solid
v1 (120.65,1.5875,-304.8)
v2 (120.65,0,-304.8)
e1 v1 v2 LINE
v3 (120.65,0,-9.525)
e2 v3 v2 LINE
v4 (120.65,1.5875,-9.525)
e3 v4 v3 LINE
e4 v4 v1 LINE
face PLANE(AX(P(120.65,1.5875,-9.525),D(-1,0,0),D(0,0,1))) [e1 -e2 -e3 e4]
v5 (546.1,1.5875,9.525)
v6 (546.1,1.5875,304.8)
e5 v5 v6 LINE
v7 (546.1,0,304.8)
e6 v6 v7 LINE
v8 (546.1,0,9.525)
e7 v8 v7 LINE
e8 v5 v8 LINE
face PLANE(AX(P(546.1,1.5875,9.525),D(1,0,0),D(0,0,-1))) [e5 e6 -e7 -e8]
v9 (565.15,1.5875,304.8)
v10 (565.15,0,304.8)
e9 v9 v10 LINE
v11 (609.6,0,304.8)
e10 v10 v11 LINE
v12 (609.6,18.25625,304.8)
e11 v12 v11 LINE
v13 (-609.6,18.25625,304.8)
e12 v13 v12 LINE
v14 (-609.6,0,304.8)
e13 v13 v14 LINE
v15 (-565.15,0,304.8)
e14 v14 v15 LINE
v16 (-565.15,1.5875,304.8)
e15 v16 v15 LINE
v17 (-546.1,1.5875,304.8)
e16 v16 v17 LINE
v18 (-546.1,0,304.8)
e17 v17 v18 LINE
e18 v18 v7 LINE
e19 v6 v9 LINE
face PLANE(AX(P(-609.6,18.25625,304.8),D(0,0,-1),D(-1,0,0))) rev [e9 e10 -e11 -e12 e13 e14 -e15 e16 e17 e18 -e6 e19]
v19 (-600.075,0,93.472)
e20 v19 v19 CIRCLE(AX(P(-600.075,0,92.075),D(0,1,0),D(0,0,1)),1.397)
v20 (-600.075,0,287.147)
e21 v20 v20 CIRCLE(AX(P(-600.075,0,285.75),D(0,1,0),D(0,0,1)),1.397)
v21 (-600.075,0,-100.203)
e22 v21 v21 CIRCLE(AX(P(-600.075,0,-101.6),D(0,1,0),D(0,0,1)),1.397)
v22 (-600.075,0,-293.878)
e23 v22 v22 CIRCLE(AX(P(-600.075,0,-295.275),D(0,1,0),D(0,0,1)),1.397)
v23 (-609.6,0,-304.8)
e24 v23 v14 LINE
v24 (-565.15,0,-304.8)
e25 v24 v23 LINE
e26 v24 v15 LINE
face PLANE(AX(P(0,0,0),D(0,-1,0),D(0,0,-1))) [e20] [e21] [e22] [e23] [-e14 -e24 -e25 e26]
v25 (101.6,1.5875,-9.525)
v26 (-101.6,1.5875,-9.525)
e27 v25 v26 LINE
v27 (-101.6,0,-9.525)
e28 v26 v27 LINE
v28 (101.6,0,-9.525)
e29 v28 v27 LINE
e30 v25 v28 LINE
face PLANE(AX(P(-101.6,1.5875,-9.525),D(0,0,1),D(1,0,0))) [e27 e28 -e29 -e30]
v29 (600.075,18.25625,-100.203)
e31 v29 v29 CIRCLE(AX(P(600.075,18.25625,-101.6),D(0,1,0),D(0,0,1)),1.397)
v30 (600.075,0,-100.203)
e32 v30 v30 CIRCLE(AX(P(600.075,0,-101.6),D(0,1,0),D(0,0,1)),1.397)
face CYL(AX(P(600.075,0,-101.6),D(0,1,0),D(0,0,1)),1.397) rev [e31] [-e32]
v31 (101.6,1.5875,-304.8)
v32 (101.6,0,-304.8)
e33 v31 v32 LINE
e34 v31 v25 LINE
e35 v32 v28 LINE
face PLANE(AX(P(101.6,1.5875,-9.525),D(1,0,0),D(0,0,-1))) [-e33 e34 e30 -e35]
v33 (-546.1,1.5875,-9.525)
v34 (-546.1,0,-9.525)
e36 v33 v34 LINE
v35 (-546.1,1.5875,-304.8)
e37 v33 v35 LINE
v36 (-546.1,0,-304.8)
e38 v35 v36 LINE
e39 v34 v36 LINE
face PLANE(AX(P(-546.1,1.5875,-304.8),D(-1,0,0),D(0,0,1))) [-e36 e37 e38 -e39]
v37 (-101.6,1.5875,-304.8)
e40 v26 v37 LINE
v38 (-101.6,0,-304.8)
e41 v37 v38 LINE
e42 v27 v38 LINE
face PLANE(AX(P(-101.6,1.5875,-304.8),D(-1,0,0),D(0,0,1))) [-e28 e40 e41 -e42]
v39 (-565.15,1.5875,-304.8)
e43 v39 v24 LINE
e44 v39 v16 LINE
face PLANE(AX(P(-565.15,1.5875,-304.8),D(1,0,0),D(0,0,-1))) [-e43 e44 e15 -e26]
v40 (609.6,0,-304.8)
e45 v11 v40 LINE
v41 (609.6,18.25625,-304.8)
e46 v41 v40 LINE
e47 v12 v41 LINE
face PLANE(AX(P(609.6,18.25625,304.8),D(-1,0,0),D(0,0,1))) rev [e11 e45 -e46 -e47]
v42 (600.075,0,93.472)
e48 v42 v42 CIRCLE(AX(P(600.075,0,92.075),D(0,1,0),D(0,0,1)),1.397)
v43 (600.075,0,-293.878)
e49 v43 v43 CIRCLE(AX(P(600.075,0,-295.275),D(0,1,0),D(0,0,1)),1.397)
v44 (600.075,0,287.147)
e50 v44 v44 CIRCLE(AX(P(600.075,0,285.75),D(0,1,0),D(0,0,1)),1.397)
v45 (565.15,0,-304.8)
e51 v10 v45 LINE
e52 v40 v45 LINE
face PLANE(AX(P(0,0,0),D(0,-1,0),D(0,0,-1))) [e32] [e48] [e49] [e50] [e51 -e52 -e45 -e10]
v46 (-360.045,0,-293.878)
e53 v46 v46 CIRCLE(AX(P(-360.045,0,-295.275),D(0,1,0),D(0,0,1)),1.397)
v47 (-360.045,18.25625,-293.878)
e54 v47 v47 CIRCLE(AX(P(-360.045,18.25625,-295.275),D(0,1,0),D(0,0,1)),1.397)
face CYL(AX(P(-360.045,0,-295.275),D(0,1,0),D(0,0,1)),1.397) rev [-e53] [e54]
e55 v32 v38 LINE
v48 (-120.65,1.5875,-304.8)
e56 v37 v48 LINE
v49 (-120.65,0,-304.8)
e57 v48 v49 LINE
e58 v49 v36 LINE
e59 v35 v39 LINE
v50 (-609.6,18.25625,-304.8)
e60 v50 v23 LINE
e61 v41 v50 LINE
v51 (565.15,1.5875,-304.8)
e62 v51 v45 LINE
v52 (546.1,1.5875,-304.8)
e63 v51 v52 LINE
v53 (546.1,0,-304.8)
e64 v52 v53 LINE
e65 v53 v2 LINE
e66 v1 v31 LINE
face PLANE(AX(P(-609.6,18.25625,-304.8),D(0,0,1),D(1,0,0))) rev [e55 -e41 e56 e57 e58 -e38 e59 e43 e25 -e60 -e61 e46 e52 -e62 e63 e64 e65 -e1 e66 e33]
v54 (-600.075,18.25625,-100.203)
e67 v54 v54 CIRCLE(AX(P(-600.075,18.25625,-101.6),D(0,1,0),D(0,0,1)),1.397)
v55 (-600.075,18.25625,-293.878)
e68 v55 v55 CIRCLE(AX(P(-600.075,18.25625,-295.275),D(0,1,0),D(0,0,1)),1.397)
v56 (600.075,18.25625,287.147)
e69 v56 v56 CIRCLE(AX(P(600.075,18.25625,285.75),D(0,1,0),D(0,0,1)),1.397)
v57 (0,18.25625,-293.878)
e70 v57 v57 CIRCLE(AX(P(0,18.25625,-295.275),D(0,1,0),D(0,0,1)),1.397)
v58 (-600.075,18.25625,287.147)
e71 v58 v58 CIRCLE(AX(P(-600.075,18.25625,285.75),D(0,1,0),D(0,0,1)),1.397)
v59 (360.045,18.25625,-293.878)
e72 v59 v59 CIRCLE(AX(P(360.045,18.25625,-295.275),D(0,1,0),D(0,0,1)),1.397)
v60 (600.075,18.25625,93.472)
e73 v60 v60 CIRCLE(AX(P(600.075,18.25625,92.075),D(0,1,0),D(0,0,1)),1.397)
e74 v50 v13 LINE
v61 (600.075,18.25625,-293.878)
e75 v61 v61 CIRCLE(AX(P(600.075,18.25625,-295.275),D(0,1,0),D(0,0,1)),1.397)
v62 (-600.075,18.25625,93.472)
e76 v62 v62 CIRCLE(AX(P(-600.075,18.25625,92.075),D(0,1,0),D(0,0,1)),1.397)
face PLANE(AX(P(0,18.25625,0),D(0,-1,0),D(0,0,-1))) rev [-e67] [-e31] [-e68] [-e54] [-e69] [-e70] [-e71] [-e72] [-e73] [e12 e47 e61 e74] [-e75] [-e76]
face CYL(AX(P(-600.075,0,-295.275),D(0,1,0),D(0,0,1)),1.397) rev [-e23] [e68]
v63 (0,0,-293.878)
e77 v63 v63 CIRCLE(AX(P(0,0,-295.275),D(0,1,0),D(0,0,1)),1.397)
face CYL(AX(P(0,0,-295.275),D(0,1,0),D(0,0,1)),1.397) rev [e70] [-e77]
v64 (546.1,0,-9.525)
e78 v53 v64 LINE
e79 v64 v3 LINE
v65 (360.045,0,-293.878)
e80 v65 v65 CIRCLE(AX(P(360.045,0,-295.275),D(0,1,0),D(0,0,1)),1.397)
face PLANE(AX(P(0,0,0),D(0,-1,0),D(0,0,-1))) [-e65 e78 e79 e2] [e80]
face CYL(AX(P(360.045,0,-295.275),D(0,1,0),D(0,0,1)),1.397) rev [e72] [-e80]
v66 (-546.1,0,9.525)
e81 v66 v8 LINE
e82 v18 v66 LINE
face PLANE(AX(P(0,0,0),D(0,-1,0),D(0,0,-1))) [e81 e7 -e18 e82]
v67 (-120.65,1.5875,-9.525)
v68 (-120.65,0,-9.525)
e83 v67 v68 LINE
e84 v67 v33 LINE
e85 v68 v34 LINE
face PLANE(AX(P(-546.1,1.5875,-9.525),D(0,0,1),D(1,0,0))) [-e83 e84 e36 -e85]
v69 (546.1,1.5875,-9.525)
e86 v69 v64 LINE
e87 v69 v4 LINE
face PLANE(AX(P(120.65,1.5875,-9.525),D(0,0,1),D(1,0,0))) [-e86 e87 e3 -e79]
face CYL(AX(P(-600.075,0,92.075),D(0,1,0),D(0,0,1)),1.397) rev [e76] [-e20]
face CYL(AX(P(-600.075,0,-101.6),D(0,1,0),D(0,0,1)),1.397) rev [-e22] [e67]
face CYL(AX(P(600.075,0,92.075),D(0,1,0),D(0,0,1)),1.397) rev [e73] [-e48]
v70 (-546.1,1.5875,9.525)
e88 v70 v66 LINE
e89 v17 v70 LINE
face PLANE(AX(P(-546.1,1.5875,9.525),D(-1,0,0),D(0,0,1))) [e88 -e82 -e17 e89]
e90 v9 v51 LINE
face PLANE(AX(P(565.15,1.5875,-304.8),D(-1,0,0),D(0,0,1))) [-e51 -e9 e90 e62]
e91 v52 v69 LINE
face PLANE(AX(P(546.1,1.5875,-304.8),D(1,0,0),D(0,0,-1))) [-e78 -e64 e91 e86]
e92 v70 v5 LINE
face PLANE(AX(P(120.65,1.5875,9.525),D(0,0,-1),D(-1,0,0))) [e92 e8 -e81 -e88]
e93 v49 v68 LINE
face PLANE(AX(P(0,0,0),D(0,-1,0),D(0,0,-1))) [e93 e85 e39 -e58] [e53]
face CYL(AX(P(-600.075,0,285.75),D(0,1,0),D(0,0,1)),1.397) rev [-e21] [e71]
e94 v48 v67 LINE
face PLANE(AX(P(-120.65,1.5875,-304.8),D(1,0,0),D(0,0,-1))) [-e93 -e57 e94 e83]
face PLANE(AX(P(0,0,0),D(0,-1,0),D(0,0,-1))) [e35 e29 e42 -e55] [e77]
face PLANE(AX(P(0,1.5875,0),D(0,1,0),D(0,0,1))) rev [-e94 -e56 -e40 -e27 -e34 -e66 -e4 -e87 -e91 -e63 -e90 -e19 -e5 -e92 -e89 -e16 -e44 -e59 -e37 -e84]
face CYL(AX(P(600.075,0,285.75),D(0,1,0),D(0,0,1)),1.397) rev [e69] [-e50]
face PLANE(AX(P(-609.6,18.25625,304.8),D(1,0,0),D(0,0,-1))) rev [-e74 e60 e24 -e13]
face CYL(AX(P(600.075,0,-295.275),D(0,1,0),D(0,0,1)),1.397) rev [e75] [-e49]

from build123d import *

# Parameters (mm, degrees)
SKETCH1_W           = 1219.2
SKETCH1_H           = 609.6
BOSS_EXTRUDE1_DEPTH = 18.25625
CUT_EXTRUDE1_DEPTH  = 1.5875
SKETCH8_R           = 1.397
CUT_EXTRUDE2_DEPTH  = 19.25625


with BuildPart() as part:
    # Sketch1 → Boss-Extrude1 (new body)
    with BuildSketch(Plane(origin=(0, 0, 0), x_dir=(1, 0, 0), z_dir=(0, 1, 0))):
        Rectangle(SKETCH1_W, SKETCH1_H)
    extrude(amount=BOSS_EXTRUDE1_DEPTH)

    # Sketch2 → Cut-Extrude1 (cut)
    with BuildSketch(Plane(origin=(0, 0, 0), x_dir=(1, 0, 0), z_dir=(0, 1, 0))):
        Polygon((-565.15, 304.8), (-546.1, 304.8), (-546.1, 9.525), (-120.65, 9.525), (-120.65, 304.8), (-101.6, 304.8), (-101.6, 9.525), (101.6, 9.525), (101.6, 304.8), (120.65, 304.8), (120.65, 9.525), (546.1, 9.525), (546.1, 304.8), (565.15, 304.8), (565.15, -304.8), (546.1, -304.8), (546.1, -9.525), (120.65, -9.525), (101.6, -9.525), (-101.6, -9.525), (-120.65, -9.525), (-546.1, -9.525), (-546.1, -304.8), (-565.15, -304.8), align=None)
    extrude(amount=CUT_EXTRUDE1_DEPTH, mode=Mode.SUBTRACT)

    # Sketch8 → Cut-Extrude2 (cut, through all)
    with BuildSketch(Plane(origin=(0, 18.25625, 0), x_dir=(1, 0, 0), z_dir=(0, 1, 0))):
        with Locations((-600.075, -285.75)):
            Circle(SKETCH8_R)
        with Locations((600.075, -285.75)):
            Circle(SKETCH8_R)
        with Locations((600.075, -92.075)):
            Circle(SKETCH8_R)
        with Locations((600.075, 101.6)):
            Circle(SKETCH8_R)
        with Locations((-360.045, 295.275)):
            Circle(SKETCH8_R)
        with Locations((0, 295.275)):
            Circle(SKETCH8_R)
        with Locations((360.045, 295.275)):
            Circle(SKETCH8_R)
        with Locations((600.075, 295.275)):
            Circle(SKETCH8_R)
        with Locations((-600.075, -92.075)):
            Circle(SKETCH8_R)
        with Locations((-600.075, 101.6)):
            Circle(SKETCH8_R)
        with Locations((-600.075, 295.275)):
            Circle(SKETCH8_R)
    extrude(amount=-CUT_EXTRUDE2_DEPTH, mode=Mode.SUBTRACT)


solid = part.part
